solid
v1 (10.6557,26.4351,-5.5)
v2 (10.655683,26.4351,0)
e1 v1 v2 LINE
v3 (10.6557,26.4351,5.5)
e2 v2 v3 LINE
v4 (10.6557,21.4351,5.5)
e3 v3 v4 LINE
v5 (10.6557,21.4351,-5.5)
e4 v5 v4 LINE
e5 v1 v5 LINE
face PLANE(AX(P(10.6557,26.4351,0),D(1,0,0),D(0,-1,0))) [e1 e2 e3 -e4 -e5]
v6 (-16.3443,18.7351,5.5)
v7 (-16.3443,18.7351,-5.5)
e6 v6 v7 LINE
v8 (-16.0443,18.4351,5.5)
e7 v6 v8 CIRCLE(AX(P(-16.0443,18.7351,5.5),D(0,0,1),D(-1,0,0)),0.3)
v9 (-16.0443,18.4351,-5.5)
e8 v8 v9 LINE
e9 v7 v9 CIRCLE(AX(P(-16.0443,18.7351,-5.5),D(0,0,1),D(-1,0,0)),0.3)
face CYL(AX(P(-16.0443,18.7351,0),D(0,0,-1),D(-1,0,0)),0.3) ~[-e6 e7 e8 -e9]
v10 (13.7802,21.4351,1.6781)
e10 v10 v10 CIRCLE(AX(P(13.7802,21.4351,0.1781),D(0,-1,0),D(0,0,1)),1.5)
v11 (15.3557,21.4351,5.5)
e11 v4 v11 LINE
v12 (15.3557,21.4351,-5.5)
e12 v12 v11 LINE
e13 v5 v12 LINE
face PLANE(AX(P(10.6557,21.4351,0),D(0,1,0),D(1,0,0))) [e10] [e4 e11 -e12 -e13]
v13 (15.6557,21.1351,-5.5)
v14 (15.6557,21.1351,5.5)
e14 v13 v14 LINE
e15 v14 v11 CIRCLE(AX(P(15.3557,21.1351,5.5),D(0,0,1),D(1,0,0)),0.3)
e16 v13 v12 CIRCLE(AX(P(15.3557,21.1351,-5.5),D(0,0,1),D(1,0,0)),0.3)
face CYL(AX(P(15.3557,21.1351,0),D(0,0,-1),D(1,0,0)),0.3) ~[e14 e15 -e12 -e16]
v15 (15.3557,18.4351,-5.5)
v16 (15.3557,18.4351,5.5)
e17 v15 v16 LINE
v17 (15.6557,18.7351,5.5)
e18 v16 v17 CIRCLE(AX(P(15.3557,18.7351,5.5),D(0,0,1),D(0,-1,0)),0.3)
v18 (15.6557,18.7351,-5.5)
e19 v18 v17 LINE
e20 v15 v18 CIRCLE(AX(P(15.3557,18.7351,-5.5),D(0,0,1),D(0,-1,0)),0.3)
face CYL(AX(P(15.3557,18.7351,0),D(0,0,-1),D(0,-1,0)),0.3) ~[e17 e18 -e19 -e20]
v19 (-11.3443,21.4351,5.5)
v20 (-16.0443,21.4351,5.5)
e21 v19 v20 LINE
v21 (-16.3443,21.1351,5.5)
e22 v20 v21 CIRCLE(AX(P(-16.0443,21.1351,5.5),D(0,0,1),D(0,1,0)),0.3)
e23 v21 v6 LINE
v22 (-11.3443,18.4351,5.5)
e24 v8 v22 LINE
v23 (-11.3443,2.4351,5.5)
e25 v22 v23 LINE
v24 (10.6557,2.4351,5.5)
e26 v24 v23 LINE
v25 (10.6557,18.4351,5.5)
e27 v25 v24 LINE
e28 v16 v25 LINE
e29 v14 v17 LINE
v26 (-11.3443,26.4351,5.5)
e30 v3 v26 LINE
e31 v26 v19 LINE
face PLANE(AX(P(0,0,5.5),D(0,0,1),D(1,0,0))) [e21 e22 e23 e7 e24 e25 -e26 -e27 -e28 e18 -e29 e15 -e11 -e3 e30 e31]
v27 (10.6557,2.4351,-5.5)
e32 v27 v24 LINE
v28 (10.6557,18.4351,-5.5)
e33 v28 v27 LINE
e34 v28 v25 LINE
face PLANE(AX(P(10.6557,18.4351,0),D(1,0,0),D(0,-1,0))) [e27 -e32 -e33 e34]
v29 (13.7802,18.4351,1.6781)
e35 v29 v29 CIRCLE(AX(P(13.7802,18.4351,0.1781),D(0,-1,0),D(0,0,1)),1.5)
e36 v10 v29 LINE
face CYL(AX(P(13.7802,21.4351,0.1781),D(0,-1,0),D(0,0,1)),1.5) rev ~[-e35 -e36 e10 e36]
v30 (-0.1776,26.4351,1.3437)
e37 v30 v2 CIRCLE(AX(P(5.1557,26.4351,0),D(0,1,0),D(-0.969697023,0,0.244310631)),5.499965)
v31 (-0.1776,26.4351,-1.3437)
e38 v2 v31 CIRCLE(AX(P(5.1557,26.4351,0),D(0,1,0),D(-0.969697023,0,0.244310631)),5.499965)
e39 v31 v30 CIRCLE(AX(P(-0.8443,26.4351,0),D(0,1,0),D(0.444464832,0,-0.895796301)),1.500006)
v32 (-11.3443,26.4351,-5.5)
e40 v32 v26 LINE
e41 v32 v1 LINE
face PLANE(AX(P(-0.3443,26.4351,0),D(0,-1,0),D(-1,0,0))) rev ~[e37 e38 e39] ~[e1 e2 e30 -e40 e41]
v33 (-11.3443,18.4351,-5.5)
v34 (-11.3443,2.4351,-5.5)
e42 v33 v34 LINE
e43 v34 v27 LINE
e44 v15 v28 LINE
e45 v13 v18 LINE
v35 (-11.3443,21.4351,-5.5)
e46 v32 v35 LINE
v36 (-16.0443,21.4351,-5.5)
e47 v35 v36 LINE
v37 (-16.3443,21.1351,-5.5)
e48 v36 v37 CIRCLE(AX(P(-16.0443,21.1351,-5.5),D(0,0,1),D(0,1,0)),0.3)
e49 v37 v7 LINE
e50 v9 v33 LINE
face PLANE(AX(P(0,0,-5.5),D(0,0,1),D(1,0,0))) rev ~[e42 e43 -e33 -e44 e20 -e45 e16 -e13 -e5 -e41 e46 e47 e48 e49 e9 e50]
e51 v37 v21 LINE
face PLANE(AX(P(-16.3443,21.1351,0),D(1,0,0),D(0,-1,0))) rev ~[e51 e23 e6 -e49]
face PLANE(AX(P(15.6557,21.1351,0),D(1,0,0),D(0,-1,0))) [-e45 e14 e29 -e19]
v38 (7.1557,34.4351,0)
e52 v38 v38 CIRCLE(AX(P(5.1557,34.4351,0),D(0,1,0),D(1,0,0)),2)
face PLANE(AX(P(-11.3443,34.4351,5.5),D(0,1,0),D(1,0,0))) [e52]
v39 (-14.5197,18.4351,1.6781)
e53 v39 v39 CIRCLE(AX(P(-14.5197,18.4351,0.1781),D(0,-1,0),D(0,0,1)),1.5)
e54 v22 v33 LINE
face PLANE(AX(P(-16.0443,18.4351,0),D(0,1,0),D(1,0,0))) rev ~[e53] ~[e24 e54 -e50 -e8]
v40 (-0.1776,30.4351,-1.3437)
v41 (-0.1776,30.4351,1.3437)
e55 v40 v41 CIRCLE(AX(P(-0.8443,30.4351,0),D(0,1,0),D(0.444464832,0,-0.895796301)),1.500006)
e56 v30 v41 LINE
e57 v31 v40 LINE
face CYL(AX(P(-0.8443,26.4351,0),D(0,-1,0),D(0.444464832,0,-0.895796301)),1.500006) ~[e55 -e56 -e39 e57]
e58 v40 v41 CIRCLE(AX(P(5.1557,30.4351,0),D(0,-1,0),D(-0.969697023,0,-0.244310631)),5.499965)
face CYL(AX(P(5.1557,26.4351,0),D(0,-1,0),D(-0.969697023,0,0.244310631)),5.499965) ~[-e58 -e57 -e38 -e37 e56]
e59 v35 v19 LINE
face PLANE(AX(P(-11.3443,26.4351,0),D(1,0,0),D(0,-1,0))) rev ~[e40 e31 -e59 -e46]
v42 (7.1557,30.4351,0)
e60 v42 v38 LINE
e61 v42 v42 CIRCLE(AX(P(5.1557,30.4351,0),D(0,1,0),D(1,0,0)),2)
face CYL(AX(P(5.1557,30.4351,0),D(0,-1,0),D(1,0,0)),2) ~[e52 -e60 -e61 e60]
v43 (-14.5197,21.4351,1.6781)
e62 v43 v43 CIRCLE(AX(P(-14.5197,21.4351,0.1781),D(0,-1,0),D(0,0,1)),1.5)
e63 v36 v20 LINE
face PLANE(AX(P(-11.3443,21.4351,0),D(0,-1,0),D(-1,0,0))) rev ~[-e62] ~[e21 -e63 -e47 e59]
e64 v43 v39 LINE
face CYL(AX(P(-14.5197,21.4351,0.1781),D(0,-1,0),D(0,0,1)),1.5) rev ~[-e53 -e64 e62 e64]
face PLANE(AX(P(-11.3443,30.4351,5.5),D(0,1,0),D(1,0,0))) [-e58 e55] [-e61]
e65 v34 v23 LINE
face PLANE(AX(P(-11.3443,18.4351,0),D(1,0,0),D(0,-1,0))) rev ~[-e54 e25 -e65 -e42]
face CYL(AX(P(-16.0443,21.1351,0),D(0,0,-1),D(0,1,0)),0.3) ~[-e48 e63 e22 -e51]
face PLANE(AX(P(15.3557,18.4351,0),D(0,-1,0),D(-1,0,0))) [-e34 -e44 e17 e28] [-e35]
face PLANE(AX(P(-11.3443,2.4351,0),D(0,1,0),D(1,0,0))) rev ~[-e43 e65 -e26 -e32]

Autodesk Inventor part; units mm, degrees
ref_plane "YZ Plane" through (0, 0, 0) normal (1, 0, 0) x (0, 1, 0)
ref_plane "XZ Plane" through (0, 0, 0) normal (0, 1, 0) x (-1, 0, 0)
ref_plane "XY Plane" through (0, 0, 0) normal (0, 0, 1) x (1, 0, 0)
sketch "Sketch1" plane through (0, 0, 0) normal (0, 0, 1) x (1, 0, 0)
  line L0 (-11.3443, 2.4351) -> (-0.3443, 2.4351)
  line L1 (-0.3443, 2.4351) -> (-0.3443, 26.4351)
  line L2 (-0.3443, 26.4351) -> (-11.3443, 26.4351)
  line L3 (-11.3443, 26.4351) -> (-11.3443, 2.4351)
  line L4 (-10.0022, 21.4351) -> (-10.0022, 22.9768)
  line L5 (-11.3443, 21.4351) -> (-16.0443, 21.4351)
  line L6 (-16.3443, 21.1351) -> (-16.3443, 18.7351)
  line L7 (-16.0443, 18.4351) -> (-11.3443, 18.4351)
  line L8 (10.6557, 2.4351) -> (-0.3443, 2.4351)
  line L9 (-0.3443, 26.4351) -> (10.6557, 26.4351)
  line L10 (10.6557, 26.4351) -> (10.6557, 2.4351)
  line L11 (10.6557, 21.4351) -> (15.3557, 21.4351)
  line L12 (15.6557, 21.1351) -> (15.6557, 18.7351)
  line L13 (15.3557, 18.4351) -> (10.6557, 18.4351)
  arc A0 (-16.3443, 18.7351) -> (-16.0443, 18.4351) centre (-16.0443, 18.7351) ccw
  arc A1 (-16.0443, 21.4351) -> (-16.3443, 21.1351) centre (-16.0443, 21.1351) ccw
  arc A2 (15.3557, 18.4351) -> (15.6557, 18.7351) centre (15.3557, 18.7351) ccw
  arc A3 (15.6557, 21.1351) -> (15.3557, 21.4351) centre (15.3557, 21.1351) ccw
  point P0 (0, 0)
  point P1 (-16.3443, 21.4351)
  point P2 (-16.3443, 18.4351)
  point P3 (15.6557, 21.4351)
  point P4 (15.6557, 18.4351)
  dimension "d0" = 11
  dimension "d1" = 24
  dimension "d3" = 5
  dimension "d4" = 3
  dimension "d5" = 0.3
extrude "Extrusion1" add sketch "Sketch1" along normal mid plane 11
sketch "Sketch2" plane through (-11.3443, 26.4351, 5.5) normal (0, 1, 0) x (1, 0, 0)
  line L0 (22, 11) -> (22, 0) projected
  arc A0 (11.1667, 4.1563) -> (11.1667, 6.8437) centre (16.5, 5.5) ccw
  arc A1 (11.1667, 6.8437) -> (11.1667, 4.1563) centre (10.5, 5.5) ccw
  point P0 (11.3443, 5.5)
  dimension "d9" = 11
  dimension "d11" = 3
extrude "Extrusion2" add sketch "Sketch2" along normal blind 4
sketch "Sketch3" plane through (-11.3443, 30.4351, 5.5) normal (0, 1, 0) x (1, 0, 0)
  line L0 (22, 11) -> (22, 5.5) projected
  circle A0 centre (16.5, 5.5) radius 2
  point P0 (11.3443, 5.5)
extrude "Extrusion3" add sketch "Sketch3" along normal blind 4
sketch "Sketch4" plane through (-16.0443, 21.4351, 5.5) normal (0, 1, 0) x (1, 0, 0)
  point P0 (16.0443, 5.5)
  point P1 (1.5246, 5.3219)
  point P2 (29.8245, 5.3219)
hole "Hole1" at (13.7802, 21.4351, 0.1781) at (-14.5197, 21.4351, 0.1781) direction (0, -1, 0) diameter 3 end through all
equation "\"BendRadius\" = Thickness"
equation "\"BendReliefWidth\" = Thickness"
equation "\"BendReliefDepth\" = 0.5 * Thickness"
equation "\"CornerReliefSize\" = 4 * Thickness"
equation "\"MinimumRemnant\" = 2 * Thickness"
equation "\"TransitionRadius\" = BendRadius"
equation "\"JacobiRadiusSize\" = Thickness"
equation "\"GapSize\" = Thickness"
equation "\"Thickness\" = 0.5"
properties part number "servo1" material "PBT Plastic"
